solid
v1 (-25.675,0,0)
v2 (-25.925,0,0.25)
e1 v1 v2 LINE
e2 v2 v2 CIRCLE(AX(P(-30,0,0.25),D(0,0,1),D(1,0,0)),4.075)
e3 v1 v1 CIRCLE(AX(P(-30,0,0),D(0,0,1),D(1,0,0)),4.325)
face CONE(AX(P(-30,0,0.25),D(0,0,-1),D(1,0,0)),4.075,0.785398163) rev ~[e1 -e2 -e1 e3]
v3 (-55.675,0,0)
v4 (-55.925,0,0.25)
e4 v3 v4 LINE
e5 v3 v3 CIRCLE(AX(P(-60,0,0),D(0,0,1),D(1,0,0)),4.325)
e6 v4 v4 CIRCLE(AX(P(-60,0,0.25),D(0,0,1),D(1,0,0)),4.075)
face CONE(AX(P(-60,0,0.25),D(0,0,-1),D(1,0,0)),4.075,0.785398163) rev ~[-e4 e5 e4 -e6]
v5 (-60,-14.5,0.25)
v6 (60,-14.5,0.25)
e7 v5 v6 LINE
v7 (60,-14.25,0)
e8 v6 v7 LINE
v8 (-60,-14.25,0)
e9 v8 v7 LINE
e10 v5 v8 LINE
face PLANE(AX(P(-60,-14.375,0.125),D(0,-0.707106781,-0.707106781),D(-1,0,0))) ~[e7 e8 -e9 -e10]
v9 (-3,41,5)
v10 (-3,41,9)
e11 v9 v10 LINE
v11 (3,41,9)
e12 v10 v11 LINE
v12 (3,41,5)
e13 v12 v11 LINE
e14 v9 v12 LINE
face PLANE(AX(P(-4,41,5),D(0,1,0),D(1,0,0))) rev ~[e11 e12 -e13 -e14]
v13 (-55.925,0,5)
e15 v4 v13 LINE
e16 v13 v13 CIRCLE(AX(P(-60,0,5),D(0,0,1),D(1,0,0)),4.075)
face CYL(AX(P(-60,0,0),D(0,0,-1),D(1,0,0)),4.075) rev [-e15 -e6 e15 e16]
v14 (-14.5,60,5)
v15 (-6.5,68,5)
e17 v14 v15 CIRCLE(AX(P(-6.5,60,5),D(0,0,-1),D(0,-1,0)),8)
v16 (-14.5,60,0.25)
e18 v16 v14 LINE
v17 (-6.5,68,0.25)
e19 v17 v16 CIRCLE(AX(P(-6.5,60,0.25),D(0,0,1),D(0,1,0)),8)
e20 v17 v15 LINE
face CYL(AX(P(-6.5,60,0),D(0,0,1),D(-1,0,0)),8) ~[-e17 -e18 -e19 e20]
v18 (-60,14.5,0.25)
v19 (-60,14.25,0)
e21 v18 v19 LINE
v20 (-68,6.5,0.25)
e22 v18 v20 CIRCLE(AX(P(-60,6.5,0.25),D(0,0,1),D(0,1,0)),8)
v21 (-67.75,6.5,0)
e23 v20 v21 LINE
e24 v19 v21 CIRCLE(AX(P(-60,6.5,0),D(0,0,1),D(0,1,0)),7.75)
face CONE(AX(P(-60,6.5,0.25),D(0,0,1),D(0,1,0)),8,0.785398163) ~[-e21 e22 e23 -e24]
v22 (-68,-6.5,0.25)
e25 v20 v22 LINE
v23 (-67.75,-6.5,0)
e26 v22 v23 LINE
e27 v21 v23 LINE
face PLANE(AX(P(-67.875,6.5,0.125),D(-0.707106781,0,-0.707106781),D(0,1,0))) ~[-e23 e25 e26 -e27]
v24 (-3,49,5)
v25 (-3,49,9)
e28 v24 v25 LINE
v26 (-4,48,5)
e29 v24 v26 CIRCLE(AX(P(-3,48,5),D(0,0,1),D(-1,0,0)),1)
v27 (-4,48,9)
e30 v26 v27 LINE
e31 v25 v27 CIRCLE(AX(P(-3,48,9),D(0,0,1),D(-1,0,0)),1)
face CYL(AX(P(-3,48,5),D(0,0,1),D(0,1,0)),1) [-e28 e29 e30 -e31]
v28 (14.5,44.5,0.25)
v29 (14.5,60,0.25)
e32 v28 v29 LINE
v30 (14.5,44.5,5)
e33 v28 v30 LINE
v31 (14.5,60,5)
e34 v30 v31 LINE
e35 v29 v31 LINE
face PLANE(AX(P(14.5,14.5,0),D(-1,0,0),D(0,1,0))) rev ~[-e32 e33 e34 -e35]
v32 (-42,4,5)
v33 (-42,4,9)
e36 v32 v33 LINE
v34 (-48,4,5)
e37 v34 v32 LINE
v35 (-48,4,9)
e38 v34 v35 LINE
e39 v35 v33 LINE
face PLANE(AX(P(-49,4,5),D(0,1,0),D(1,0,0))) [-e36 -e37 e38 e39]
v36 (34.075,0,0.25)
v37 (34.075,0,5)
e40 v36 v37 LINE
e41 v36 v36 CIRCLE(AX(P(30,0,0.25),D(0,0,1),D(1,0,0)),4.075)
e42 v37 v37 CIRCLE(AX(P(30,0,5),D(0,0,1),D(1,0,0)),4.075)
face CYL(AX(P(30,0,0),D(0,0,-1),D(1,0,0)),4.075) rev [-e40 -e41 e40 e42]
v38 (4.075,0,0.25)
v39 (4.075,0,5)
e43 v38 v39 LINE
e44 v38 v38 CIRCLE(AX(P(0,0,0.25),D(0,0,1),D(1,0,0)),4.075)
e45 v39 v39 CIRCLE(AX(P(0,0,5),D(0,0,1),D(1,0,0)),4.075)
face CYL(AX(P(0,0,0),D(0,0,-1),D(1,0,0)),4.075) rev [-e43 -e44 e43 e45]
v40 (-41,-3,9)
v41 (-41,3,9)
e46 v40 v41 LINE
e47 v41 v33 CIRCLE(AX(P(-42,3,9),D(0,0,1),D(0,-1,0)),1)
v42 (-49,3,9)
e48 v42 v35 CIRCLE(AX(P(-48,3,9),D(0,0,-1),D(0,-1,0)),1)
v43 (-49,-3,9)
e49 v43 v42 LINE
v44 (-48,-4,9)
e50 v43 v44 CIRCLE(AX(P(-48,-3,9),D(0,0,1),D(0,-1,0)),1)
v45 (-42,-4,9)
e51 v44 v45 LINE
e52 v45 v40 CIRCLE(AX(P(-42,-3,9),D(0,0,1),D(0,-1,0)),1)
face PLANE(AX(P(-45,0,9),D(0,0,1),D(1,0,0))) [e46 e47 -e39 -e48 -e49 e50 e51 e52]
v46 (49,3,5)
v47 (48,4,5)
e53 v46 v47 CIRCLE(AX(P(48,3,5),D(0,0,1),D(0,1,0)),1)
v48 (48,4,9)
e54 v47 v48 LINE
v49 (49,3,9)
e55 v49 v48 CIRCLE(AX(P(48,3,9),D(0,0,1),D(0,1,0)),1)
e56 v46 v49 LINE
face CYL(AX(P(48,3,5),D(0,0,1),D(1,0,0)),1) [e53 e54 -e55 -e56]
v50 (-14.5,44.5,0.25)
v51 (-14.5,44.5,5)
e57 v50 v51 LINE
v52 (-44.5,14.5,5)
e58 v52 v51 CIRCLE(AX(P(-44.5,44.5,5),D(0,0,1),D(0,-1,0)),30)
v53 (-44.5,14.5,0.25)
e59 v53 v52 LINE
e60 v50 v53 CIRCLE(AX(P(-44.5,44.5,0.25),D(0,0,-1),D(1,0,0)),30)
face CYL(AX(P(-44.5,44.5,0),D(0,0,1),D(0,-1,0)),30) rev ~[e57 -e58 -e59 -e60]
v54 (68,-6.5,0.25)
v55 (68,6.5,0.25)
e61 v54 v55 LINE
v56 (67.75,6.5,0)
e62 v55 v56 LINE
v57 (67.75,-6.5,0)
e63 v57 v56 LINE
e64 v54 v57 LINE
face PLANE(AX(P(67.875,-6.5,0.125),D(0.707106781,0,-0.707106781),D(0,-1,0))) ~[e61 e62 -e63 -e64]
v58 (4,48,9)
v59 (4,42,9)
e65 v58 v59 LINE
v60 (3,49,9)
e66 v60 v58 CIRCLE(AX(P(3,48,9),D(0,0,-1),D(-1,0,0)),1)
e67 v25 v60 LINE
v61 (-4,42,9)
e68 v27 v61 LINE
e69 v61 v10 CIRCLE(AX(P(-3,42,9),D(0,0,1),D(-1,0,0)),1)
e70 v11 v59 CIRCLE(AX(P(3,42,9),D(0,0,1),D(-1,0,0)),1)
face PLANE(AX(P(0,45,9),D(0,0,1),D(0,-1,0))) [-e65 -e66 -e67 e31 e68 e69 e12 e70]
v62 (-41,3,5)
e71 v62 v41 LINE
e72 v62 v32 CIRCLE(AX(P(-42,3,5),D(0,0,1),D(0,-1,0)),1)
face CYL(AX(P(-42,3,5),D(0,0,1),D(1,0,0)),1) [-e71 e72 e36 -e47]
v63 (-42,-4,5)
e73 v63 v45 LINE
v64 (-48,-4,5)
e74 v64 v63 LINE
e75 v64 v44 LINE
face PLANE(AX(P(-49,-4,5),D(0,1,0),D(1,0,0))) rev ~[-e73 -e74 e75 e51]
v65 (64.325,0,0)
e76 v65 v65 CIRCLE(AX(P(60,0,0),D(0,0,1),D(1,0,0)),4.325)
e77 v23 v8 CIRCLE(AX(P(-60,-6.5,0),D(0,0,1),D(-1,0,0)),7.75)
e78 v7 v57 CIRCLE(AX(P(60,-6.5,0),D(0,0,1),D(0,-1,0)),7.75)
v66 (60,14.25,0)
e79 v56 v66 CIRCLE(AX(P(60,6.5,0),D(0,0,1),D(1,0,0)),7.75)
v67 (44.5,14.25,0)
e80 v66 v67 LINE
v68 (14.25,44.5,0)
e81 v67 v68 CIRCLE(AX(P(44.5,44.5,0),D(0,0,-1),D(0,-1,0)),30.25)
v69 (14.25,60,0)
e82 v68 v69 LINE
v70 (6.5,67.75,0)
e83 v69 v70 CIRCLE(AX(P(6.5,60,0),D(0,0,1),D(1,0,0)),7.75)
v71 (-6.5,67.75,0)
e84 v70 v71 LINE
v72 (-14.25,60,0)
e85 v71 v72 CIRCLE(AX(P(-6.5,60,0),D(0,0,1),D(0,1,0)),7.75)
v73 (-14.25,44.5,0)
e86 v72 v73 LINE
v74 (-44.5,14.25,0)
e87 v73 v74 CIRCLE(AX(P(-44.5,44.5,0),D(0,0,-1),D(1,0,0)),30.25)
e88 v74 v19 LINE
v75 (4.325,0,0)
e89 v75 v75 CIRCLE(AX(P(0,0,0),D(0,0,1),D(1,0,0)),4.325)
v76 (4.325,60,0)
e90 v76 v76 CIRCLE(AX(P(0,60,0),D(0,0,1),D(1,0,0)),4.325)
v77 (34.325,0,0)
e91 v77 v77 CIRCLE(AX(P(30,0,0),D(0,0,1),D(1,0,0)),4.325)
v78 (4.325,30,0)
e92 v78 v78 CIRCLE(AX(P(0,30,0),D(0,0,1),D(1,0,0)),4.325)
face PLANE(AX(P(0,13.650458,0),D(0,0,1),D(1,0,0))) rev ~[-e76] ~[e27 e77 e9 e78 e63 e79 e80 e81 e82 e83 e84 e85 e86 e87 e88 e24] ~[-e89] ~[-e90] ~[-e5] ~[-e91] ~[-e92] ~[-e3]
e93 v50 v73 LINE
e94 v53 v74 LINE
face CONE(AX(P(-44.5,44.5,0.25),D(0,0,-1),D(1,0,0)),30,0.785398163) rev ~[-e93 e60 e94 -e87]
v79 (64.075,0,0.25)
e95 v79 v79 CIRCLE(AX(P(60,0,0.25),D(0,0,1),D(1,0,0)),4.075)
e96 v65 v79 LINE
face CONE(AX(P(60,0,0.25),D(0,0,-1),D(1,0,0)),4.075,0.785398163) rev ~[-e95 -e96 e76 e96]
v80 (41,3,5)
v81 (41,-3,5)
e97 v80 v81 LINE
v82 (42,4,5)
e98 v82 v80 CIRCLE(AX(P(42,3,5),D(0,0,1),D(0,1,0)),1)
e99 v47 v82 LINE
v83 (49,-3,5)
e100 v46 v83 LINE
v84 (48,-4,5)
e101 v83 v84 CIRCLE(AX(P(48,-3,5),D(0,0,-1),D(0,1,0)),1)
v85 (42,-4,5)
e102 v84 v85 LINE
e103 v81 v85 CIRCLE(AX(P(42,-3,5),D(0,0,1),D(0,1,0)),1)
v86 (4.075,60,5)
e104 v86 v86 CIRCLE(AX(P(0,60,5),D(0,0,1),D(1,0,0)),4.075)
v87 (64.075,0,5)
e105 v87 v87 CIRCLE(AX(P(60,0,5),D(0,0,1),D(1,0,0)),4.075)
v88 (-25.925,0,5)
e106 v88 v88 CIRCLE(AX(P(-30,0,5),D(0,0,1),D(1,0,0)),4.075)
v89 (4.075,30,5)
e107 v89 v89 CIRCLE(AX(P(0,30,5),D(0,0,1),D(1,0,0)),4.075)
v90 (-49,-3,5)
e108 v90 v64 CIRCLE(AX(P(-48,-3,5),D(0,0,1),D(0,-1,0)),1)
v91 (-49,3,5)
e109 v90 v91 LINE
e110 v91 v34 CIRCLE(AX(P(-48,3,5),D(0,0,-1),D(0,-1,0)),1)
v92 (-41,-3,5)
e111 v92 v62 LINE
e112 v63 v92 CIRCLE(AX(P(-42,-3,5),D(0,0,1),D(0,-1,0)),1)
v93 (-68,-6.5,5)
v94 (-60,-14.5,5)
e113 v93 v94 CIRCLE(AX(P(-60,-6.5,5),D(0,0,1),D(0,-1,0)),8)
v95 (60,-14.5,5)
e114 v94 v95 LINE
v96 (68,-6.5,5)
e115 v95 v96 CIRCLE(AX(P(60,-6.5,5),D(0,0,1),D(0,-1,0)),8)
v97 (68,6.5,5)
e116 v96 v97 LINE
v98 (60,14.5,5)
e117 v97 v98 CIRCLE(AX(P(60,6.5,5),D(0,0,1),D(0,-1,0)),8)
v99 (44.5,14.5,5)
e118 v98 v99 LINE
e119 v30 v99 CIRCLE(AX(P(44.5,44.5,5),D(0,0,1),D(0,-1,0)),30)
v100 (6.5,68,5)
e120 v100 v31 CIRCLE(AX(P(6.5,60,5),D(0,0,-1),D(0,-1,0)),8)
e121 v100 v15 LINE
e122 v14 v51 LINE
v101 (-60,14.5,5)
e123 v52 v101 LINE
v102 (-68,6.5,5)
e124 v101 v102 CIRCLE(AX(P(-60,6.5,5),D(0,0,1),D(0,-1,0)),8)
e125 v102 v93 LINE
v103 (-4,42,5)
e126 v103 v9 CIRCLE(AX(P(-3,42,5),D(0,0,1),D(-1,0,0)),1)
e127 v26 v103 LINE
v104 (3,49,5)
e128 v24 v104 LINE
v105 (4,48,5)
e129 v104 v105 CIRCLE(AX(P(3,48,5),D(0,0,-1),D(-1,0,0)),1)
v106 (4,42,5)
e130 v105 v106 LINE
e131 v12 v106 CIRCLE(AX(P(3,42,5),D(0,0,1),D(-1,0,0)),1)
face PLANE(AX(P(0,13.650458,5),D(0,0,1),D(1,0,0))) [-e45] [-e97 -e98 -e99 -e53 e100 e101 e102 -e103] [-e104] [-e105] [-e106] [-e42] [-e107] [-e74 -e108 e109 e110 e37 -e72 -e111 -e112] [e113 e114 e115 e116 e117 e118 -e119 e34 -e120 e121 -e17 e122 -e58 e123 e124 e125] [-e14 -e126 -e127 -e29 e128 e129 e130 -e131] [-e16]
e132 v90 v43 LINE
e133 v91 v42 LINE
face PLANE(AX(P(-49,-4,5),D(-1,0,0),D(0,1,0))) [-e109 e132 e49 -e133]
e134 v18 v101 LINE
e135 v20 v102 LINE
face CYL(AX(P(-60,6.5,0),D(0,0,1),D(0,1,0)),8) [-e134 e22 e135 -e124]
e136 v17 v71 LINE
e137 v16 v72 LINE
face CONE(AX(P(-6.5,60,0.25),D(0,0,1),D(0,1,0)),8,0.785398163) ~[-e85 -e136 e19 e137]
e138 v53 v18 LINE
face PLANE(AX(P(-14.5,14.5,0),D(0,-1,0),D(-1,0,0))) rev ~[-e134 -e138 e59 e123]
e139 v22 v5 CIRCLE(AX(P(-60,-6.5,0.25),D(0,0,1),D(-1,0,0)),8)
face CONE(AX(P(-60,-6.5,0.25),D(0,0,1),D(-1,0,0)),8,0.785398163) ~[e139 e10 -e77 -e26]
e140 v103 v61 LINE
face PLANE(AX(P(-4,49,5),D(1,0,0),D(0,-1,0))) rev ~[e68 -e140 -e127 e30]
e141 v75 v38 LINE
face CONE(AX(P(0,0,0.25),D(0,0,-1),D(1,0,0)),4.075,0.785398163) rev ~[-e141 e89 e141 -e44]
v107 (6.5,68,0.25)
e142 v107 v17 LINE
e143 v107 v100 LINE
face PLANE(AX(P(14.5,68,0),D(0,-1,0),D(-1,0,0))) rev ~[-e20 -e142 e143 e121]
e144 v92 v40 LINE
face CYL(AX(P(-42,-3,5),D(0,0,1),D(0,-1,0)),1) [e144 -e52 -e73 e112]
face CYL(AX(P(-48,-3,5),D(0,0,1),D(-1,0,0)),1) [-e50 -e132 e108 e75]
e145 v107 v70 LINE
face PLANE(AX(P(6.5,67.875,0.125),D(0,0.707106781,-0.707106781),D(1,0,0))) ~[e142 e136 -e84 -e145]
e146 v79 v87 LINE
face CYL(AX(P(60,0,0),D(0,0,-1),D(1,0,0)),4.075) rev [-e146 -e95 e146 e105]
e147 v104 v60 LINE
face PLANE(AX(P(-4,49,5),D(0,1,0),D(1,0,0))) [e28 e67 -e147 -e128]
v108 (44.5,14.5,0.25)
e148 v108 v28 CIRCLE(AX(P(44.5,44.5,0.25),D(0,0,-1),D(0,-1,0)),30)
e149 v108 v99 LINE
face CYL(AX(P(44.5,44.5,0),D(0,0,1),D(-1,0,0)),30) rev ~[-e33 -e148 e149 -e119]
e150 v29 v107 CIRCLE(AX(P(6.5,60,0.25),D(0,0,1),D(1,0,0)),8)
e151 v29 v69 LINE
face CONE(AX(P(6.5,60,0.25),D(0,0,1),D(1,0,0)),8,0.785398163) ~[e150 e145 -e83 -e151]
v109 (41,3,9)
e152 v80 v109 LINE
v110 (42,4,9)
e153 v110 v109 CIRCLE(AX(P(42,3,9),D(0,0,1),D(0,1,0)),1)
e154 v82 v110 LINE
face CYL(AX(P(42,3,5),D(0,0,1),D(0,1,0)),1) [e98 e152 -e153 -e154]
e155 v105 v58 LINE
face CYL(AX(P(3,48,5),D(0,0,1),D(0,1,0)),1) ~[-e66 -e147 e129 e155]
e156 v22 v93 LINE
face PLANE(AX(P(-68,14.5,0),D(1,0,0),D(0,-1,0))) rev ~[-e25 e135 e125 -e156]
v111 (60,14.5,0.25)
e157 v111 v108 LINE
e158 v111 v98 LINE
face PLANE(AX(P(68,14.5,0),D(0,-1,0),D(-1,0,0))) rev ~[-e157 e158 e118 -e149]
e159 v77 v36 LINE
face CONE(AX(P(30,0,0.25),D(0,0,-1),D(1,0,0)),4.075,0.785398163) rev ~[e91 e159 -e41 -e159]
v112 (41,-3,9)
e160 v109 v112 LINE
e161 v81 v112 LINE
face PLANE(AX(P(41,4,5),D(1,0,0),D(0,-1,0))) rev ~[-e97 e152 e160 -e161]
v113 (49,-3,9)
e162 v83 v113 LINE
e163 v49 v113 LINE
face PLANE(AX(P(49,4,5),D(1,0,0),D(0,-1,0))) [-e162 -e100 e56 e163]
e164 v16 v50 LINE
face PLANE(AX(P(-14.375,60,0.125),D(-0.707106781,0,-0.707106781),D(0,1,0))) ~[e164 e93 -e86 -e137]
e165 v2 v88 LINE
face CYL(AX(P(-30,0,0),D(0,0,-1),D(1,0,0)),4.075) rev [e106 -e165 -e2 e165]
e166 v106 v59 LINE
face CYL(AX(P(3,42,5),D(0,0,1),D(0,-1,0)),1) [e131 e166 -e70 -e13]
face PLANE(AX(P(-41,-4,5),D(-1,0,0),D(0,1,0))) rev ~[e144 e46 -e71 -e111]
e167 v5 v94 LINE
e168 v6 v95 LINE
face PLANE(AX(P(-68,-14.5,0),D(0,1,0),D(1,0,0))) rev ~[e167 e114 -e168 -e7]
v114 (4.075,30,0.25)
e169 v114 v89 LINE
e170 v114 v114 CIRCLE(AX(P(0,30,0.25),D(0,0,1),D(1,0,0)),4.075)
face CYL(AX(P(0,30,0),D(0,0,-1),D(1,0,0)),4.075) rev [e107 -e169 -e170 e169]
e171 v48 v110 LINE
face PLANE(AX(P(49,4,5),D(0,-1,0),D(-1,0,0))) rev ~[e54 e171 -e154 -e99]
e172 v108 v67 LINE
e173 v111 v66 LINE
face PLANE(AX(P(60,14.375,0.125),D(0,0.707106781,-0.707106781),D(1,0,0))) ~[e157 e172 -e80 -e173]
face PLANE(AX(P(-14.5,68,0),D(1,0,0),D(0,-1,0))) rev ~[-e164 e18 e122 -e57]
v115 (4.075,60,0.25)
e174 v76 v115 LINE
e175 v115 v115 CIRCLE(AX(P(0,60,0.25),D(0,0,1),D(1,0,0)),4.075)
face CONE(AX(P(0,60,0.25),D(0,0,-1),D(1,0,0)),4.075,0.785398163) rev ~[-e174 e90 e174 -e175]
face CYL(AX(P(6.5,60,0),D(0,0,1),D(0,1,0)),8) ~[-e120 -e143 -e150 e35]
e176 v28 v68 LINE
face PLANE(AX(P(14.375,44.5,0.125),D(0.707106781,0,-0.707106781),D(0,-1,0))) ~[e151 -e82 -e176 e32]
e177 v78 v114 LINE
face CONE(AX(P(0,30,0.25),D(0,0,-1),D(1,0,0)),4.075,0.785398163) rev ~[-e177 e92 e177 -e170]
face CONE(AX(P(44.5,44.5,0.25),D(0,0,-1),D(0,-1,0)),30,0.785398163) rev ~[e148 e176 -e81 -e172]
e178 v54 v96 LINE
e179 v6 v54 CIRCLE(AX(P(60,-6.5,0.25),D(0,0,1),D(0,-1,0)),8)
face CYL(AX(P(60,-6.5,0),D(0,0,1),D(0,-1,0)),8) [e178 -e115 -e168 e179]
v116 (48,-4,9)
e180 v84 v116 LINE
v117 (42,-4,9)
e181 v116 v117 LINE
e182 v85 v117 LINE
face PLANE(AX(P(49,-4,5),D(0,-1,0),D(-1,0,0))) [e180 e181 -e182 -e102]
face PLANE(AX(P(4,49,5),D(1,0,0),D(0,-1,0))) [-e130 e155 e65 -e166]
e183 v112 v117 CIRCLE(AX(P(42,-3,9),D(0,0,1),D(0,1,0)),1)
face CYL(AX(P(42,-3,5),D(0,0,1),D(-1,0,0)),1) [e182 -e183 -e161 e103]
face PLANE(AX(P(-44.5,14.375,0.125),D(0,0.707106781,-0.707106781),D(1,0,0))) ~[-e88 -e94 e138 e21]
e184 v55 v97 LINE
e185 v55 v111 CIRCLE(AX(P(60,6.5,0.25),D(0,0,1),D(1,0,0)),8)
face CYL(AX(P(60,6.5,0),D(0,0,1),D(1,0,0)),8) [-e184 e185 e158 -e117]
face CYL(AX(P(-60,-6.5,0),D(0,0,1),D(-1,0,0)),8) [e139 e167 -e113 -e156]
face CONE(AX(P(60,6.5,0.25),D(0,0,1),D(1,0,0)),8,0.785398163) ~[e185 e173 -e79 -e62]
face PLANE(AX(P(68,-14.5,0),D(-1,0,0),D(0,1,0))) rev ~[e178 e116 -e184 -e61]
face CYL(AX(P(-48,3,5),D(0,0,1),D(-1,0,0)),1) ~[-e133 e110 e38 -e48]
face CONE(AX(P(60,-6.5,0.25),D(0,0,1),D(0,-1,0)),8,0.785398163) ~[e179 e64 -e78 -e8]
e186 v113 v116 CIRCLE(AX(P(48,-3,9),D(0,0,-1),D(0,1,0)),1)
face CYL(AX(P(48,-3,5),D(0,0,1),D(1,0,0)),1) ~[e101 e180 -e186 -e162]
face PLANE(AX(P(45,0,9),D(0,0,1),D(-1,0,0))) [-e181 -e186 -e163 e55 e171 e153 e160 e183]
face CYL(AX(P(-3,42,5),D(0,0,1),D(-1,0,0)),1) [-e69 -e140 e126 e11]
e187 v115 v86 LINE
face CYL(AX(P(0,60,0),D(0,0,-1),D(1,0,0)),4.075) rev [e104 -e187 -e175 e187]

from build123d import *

# Parameters (mm, degrees)
F0_R     = 4.075
F1_DEPTH = 5
F2_R     = 8
F3_R     = 30
F4_W     = 8
F4_H     = 8
F5_DEPTH = 4
F6_R     = 1
F8_COUNT = 3
F8_ANGLE = 180
F9_SIZE  = 0.25


with BuildPart() as f1:
    # F0 (on Top) → F1 (new body)
    with BuildSketch(Plane.XY):
        Polygon((-14.5, 14.5), (-68, 14.5), (-68, -14.5), (0, -14.5), (68, -14.5), (68, 14.5), (14.5, 14.5), (14.5, 68), (-14.5, 68), align=None)
        with Locations((-60, 0)):
            Circle(F0_R, mode=Mode.SUBTRACT)
        with Locations((-30, 0)):
            Circle(F0_R, mode=Mode.SUBTRACT)
        Circle(F0_R, mode=Mode.SUBTRACT)
        with Locations((30, 0)):
            Circle(F0_R, mode=Mode.SUBTRACT)
        with Locations((60, 0)):
            Circle(F0_R, mode=Mode.SUBTRACT)
        with Locations((0, 30)):
            Circle(F0_R, mode=Mode.SUBTRACT)
        with Locations((0, 60)):
            Circle(F0_R, mode=Mode.SUBTRACT)
    extrude(amount=F1_DEPTH)

    # F2
    f2_edges = [f1.edges().sort_by_distance(p)[0] for p in [
        (-14.5, 68, 2.5),
        (14.5, 68, 2.5),
        (-68, 14.5, 2.5),
        (-68, -14.5, 2.5),
        (68, 14.5, 2.5),
        (68, -14.5, 2.5),
    ]]
    fillet(f2_edges, radius=F2_R)

    # F3
    f3_edges = [f1.edges().sort_by_distance(p)[0] for p in [
        (14.5, 14.5, 2.5),
        (-14.5, 14.5, 2.5),
    ]]
    fillet(f3_edges, radius=F3_R)



with BuildPart() as f5:
    # F4 (on face) → F5 (new body)
    with BuildSketch(Plane.XY.offset(5)):
        with Locations((-45, 0)):
            Rectangle(F4_W, F4_H)
    extrude(amount=F5_DEPTH)

    # F6
    f6_edges = [f5.edges().sort_by_distance(p)[0] for p in [
        (-49, -4, 7),
        (-41, -4, 7),
        (-49, 4, 7),
        (-41, 4, 7),
    ]]
    fillet(f6_edges, radius=F6_R)


with BuildPart() as f1_1:
    add(f1.part)

    add(f5.part)  # F8 merges F5
    # F8: F5 ×3 about axis
    f8_axis = Axis((0, 0, 11.3541549072), (0, 0, -1))
    for i in range(1, F8_COUNT):
        add(f5.part.rotate(f8_axis, i * F8_ANGLE / (F8_COUNT - 1)))

    # F9
    f9_edges = [f1_1.edges().sort_by_distance(p)[0] for p in [
        (-52.25, 14.5, 0),
        (-23.286797, 23.286797, 0),
        (-65.656854, 12.156854, 0),
        (-14.5, 52.25, 0),
        (-68, 0, 0),
        (-12.156854, 65.656854, 0),
        (-65.656854, -12.156854, 0),
        (0, 68, 0),
        (0, -14.5, 0),
        (12.156854, 65.656854, 0),
        (65.656854, -12.156854, 0),
        (14.5, 52.25, 0),
        (68, 0, 0),
        (23.286797, 23.286797, 0),
        (65.656854, 12.156854, 0),
        (52.25, 14.5, 0),
        (-64.075, 0, 0),
        (-34.075, 0, 0),
        (-4.075, 0, 0),
        (25.925, 0, 0),
        (55.925, 0, 0),
        (-4.075, 30, 0),
        (-4.075, 60, 0),
    ]]
    chamfer(f9_edges, length=F9_SIZE)


solid = f1_1.part
